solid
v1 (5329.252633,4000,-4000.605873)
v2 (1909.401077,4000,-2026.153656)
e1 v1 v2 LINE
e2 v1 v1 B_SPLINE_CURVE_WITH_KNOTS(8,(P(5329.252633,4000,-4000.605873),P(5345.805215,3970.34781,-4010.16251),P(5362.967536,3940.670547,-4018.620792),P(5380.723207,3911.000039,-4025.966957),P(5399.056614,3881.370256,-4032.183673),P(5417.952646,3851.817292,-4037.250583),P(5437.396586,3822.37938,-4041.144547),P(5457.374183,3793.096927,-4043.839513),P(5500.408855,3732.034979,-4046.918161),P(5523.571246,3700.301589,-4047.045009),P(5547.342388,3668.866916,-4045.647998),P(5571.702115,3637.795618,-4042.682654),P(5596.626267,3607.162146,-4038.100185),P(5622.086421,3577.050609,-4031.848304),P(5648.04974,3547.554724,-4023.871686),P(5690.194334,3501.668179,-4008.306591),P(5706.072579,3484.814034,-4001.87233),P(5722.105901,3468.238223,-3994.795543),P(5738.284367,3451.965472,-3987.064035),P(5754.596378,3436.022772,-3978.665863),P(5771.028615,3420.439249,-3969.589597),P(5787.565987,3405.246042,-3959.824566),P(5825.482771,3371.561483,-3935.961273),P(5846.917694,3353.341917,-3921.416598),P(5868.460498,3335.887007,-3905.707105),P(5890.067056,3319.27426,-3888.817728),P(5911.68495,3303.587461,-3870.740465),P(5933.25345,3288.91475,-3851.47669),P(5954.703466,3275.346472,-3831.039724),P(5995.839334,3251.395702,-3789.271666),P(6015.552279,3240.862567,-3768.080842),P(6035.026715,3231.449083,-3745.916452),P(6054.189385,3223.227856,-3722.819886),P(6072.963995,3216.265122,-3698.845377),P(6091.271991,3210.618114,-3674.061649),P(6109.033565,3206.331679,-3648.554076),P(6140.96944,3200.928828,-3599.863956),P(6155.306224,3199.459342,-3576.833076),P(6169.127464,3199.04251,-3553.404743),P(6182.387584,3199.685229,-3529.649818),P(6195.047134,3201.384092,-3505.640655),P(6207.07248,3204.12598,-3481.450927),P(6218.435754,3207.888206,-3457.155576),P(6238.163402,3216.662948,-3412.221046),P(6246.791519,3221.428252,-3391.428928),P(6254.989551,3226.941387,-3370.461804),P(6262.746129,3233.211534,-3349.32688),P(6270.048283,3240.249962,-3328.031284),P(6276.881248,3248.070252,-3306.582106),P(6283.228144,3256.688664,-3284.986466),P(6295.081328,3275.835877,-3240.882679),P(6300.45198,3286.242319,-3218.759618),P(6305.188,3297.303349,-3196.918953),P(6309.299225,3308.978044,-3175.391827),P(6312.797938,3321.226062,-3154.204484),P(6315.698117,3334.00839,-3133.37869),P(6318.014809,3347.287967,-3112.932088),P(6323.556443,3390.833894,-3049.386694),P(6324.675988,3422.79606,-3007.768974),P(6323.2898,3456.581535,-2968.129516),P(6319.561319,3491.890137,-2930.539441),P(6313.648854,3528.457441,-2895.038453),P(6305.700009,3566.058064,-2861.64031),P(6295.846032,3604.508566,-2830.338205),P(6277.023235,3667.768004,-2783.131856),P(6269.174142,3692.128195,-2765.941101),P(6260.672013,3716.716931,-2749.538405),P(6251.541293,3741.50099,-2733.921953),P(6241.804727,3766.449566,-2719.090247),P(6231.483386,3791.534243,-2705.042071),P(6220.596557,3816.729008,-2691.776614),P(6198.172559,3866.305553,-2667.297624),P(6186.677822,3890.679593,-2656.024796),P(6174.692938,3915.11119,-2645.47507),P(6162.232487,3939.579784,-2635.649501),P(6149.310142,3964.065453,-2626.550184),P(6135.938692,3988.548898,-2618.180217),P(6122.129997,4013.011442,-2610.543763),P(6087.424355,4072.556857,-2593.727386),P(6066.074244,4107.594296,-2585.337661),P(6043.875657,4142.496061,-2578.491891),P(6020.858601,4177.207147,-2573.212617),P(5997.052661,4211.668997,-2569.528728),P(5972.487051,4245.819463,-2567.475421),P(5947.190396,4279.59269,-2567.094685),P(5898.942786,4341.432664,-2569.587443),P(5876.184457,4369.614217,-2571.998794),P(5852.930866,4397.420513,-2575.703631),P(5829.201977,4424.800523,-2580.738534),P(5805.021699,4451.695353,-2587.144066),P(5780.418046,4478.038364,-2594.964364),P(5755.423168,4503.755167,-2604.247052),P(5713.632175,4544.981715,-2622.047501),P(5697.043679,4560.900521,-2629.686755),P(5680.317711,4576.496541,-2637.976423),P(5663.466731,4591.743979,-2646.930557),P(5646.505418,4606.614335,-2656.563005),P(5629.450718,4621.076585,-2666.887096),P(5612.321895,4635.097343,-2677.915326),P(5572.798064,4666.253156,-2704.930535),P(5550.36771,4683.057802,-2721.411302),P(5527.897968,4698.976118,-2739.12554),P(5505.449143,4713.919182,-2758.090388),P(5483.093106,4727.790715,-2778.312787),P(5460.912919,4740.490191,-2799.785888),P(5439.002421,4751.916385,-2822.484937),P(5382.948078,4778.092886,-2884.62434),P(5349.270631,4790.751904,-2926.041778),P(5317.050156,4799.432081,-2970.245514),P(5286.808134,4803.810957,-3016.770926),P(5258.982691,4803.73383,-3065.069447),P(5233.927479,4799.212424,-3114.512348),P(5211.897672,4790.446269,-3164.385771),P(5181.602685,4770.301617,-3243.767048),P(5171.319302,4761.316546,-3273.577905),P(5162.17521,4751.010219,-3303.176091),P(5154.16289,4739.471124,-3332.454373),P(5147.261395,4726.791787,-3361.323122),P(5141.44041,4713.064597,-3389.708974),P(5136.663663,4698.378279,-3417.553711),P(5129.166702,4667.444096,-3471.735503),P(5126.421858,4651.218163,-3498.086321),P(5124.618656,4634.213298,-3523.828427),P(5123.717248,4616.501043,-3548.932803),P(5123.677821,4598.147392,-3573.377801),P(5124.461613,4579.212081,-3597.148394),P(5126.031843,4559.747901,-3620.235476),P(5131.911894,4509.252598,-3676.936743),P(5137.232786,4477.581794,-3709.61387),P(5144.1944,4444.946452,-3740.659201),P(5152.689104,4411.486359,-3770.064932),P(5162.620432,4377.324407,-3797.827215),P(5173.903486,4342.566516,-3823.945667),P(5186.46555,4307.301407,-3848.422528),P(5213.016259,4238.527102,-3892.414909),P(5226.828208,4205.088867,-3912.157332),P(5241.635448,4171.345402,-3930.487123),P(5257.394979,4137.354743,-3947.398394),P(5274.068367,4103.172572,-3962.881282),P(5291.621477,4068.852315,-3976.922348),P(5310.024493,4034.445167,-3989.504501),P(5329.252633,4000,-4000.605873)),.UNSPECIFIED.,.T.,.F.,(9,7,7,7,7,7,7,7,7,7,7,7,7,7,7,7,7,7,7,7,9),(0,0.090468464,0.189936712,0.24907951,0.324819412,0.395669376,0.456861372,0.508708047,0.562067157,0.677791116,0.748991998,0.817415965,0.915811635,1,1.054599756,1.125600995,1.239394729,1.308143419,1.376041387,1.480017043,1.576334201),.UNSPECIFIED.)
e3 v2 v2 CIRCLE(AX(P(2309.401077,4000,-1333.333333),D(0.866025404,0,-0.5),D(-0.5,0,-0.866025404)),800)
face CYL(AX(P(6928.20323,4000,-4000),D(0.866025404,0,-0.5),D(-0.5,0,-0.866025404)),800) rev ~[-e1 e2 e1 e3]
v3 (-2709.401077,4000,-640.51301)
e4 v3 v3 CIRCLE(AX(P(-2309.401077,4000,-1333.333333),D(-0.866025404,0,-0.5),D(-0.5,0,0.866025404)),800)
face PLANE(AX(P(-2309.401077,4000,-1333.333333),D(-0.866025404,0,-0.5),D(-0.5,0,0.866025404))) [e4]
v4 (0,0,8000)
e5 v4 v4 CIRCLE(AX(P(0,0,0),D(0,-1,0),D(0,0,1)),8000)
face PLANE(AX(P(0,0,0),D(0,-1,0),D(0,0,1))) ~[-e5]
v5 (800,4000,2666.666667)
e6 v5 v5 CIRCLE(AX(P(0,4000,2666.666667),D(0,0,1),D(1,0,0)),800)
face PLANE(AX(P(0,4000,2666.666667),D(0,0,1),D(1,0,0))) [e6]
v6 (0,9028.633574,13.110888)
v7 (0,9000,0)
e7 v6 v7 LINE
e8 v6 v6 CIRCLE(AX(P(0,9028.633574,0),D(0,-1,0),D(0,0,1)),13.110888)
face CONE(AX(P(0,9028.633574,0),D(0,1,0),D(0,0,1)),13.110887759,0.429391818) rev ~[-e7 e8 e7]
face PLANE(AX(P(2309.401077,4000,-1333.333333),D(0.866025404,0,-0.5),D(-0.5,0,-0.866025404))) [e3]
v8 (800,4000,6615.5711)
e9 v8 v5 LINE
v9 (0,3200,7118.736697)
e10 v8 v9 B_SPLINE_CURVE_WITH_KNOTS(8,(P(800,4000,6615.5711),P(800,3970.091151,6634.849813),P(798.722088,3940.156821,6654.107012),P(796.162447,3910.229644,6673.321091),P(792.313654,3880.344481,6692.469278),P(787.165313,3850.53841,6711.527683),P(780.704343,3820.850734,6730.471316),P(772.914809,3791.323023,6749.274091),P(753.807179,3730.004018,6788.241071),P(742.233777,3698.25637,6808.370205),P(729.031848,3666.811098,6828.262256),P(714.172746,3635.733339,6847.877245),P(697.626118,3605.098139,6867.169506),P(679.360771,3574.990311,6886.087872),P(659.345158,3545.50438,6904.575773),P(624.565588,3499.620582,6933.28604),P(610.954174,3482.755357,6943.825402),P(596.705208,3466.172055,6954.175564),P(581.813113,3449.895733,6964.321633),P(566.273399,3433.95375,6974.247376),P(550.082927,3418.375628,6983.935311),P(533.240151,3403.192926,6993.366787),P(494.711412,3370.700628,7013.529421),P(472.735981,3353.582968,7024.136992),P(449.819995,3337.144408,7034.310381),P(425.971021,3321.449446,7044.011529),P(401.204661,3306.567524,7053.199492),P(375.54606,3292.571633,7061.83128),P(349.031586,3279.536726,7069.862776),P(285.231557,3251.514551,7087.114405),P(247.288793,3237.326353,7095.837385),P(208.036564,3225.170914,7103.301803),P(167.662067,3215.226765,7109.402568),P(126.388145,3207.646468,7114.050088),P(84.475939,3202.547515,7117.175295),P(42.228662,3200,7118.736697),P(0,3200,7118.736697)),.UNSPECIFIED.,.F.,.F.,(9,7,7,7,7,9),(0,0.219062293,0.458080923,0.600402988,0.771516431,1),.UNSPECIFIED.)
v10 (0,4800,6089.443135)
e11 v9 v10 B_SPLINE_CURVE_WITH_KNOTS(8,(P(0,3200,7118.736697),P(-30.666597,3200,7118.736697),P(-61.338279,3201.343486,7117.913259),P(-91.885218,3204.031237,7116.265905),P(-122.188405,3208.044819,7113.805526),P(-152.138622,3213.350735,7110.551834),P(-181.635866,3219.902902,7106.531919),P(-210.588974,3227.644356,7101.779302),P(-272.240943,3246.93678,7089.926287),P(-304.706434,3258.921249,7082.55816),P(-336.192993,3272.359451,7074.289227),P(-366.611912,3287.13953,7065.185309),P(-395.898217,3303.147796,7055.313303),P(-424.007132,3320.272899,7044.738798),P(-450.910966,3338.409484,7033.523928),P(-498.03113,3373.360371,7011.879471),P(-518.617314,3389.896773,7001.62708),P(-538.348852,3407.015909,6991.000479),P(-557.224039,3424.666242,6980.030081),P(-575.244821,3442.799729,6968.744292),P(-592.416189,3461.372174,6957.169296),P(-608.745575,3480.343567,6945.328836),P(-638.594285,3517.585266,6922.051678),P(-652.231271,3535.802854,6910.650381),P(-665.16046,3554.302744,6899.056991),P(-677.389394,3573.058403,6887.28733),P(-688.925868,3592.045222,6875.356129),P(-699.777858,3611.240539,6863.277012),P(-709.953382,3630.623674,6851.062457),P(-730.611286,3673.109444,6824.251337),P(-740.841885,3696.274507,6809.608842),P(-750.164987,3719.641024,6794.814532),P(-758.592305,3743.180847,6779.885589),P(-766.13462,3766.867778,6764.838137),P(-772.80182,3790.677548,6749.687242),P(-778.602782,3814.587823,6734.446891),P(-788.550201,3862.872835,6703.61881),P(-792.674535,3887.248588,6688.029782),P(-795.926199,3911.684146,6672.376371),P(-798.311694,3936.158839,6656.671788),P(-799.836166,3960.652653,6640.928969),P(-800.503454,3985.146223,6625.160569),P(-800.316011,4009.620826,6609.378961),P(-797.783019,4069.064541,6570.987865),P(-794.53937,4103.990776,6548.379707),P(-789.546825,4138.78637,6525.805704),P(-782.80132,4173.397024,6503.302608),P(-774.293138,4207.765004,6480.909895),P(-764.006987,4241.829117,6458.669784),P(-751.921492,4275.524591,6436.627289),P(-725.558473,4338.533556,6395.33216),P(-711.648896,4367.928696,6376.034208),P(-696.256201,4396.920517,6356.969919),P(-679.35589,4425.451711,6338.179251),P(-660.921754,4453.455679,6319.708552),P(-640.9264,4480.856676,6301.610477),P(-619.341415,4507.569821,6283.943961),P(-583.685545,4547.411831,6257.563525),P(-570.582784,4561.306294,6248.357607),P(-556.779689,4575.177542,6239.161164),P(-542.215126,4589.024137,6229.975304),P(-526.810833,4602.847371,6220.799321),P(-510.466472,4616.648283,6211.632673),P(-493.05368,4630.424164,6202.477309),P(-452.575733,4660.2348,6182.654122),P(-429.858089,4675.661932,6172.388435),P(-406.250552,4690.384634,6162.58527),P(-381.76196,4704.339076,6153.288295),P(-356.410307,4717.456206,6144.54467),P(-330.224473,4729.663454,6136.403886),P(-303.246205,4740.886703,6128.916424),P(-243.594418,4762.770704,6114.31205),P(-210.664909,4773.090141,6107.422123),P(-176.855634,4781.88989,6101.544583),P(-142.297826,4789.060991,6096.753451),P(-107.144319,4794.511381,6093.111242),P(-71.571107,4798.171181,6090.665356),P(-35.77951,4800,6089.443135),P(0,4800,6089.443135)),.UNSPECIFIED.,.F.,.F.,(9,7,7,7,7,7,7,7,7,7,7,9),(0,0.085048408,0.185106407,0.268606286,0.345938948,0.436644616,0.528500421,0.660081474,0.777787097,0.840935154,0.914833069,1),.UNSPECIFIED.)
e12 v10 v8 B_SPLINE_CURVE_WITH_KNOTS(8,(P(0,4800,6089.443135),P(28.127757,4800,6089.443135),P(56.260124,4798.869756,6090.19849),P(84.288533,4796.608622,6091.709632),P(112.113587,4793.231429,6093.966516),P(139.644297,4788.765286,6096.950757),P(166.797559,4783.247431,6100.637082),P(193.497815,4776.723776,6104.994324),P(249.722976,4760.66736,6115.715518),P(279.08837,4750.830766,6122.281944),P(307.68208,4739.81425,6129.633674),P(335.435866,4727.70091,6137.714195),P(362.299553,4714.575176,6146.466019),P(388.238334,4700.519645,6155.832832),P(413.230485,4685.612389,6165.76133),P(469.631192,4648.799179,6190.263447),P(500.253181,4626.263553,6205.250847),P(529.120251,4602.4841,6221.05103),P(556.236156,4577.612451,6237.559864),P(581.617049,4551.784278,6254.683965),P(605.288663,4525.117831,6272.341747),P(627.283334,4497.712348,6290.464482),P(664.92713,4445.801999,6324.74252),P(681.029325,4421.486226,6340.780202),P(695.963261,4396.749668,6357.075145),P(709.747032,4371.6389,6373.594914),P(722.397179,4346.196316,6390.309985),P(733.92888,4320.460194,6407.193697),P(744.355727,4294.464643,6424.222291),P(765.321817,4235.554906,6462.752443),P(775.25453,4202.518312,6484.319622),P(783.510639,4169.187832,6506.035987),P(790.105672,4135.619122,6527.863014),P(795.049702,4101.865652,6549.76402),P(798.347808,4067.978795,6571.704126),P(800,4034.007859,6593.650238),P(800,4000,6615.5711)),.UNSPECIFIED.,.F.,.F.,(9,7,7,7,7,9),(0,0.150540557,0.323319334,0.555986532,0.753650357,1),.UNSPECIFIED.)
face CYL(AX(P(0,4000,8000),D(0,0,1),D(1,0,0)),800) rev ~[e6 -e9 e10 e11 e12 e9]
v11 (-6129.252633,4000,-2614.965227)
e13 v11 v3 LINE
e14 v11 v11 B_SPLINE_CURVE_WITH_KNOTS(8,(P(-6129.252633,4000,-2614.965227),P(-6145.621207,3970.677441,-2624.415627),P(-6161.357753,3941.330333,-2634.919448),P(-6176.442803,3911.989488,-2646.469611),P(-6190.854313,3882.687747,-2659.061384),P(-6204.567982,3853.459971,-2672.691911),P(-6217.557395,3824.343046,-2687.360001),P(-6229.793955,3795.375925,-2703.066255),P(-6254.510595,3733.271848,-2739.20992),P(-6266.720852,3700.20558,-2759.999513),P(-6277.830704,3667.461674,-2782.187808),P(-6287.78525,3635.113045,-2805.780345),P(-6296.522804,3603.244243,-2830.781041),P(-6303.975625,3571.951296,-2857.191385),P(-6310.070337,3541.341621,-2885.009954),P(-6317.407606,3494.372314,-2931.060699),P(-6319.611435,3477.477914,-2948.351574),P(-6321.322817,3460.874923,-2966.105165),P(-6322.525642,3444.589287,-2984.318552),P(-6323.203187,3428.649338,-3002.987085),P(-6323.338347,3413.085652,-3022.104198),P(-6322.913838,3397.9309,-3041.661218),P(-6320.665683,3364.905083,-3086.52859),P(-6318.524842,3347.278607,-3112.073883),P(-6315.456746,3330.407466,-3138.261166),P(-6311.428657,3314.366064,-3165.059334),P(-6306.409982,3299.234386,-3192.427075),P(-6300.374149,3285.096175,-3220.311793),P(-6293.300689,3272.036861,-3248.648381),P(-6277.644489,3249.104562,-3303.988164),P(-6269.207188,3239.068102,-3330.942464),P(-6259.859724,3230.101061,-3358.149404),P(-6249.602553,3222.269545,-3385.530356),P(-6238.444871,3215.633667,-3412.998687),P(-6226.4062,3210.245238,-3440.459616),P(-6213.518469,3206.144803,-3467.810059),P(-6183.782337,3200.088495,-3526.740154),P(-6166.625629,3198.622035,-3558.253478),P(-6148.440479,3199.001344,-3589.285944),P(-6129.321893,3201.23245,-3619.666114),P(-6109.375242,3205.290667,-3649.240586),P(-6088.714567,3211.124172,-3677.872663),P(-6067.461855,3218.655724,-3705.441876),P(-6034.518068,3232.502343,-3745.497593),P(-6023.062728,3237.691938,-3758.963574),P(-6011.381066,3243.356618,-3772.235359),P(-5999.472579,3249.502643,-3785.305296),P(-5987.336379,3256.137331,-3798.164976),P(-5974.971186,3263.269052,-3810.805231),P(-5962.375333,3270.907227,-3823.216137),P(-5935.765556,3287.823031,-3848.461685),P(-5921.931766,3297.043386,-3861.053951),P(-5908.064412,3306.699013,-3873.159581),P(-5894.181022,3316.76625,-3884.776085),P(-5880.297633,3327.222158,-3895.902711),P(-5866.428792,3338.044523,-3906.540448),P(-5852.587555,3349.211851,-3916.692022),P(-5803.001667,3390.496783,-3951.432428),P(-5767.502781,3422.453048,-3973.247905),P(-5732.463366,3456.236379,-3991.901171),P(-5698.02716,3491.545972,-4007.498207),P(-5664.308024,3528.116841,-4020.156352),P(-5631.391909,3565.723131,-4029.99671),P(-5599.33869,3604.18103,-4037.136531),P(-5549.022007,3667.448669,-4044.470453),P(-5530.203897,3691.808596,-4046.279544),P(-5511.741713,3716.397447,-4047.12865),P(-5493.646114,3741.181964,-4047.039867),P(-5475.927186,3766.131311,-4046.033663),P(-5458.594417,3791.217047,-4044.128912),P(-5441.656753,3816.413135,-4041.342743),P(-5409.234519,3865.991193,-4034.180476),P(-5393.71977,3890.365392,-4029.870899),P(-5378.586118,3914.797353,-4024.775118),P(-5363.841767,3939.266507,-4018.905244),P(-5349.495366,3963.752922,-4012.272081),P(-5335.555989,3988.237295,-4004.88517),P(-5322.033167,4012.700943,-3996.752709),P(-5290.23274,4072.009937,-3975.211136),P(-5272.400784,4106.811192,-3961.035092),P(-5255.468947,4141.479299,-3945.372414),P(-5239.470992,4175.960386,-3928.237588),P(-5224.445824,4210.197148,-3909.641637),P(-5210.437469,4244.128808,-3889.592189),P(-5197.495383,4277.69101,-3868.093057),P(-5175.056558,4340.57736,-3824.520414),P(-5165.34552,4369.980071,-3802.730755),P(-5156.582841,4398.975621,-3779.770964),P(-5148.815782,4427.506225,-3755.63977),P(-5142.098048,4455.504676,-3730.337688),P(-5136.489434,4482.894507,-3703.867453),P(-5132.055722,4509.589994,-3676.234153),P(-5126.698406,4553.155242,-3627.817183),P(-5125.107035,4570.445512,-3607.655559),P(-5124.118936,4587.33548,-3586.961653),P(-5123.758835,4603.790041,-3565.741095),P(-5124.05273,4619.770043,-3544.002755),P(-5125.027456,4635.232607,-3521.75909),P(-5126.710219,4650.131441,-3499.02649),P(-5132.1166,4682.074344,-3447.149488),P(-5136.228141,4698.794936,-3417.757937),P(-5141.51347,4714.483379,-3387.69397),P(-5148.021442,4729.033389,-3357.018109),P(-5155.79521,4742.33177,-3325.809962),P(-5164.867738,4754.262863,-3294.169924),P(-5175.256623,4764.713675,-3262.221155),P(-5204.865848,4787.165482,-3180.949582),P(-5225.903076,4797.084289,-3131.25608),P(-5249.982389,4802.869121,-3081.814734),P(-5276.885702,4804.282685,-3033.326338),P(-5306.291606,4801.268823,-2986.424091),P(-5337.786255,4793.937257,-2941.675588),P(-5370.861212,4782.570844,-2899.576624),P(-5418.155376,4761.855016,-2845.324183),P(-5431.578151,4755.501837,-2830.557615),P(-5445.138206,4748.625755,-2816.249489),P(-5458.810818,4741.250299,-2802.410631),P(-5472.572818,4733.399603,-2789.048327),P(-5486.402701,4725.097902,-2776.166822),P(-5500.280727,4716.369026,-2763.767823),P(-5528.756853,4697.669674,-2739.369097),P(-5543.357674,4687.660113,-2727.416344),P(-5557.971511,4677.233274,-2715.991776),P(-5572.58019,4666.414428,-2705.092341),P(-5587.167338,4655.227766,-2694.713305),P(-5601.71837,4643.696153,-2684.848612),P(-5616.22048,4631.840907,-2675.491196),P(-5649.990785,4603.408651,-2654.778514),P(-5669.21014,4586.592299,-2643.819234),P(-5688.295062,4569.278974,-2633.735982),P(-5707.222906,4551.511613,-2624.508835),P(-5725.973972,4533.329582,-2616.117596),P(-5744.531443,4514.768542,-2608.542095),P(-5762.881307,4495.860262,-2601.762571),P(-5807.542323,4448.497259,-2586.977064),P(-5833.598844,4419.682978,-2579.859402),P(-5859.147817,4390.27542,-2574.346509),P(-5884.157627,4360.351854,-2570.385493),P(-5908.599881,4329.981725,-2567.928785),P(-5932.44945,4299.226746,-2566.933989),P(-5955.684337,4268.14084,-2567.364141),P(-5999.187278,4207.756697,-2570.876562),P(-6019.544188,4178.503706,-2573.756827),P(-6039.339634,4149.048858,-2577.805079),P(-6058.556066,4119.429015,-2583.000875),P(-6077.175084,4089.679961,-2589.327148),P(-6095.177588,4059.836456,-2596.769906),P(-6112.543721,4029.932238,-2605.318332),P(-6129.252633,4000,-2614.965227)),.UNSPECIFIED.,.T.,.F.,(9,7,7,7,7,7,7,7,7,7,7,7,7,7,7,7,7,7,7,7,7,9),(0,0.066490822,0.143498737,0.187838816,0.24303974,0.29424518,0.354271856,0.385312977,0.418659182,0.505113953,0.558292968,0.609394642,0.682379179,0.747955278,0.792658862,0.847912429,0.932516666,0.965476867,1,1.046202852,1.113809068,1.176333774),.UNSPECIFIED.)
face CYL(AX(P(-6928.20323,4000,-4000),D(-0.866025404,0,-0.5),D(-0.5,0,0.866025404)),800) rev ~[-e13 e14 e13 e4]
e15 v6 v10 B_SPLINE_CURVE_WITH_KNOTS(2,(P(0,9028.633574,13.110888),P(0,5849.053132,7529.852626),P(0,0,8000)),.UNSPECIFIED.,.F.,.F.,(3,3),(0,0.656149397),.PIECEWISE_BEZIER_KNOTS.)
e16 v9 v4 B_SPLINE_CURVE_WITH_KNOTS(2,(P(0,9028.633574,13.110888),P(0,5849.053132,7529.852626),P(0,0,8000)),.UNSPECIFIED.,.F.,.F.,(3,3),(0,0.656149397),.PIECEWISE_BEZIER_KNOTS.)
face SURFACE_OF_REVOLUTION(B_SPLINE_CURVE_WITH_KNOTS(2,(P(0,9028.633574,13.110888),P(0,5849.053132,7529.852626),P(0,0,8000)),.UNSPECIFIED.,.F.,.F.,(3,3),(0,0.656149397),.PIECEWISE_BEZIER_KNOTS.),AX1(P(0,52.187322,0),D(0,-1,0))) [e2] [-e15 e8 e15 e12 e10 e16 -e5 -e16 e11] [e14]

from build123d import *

# Parameters (mm, degrees)
SKETCH2_R          = 800
CUT_EXTRUDE1_DEPTH = 5333.333333333
CIRPATTERN1_COUNT  = 3


with BuildPart() as part:
    # Sketch1 → Revolve1 (revolve)
    with BuildSketch(Plane.XY, mode=Mode.PRIVATE) as revolve1_sk:
        with BuildLine():
            Line((0, 0), (8000, 0))
            add(Edge.make_bspline(
                [(13.110887759, 9028.633574294), (7529.852626364, 5849.053131887), (8000, 0)],
                knots=[0, 0, 0, 0.656149397, 0.656149397, 0.656149397], degree=2))
            Line((13.110887759, 9028.633574294), (0, 9000))
            Line((0, 9000), (0, 0))
        make_face()
    revolve(revolve1_sk.sketch.rotate(Axis((0, 52.187321795, 0), (0, -1, 0)), 90), axis=Axis((0, 52.187321795, 0), (0, -1, 0)))

    # Sketch2 → Cut-Extrude1 (cut)
    with BuildSketch(Plane.XY.offset(8000)):
        with Locations((0, 4000)):
            Circle(SKETCH2_R)
    cut_extrude1 = extrude(amount=-CUT_EXTRUDE1_DEPTH, mode=Mode.SUBTRACT)

    # CirPattern1: Cut-Extrude1 ×3 about axis
    cirpattern1_axis = Axis((0, 0, 0), (0, 1, 0))
    for i in range(1, CIRPATTERN1_COUNT):
        add(cut_extrude1.rotate(cirpattern1_axis, i * 360 / CIRPATTERN1_COUNT), mode=Mode.SUBTRACT)


solid = part.part
